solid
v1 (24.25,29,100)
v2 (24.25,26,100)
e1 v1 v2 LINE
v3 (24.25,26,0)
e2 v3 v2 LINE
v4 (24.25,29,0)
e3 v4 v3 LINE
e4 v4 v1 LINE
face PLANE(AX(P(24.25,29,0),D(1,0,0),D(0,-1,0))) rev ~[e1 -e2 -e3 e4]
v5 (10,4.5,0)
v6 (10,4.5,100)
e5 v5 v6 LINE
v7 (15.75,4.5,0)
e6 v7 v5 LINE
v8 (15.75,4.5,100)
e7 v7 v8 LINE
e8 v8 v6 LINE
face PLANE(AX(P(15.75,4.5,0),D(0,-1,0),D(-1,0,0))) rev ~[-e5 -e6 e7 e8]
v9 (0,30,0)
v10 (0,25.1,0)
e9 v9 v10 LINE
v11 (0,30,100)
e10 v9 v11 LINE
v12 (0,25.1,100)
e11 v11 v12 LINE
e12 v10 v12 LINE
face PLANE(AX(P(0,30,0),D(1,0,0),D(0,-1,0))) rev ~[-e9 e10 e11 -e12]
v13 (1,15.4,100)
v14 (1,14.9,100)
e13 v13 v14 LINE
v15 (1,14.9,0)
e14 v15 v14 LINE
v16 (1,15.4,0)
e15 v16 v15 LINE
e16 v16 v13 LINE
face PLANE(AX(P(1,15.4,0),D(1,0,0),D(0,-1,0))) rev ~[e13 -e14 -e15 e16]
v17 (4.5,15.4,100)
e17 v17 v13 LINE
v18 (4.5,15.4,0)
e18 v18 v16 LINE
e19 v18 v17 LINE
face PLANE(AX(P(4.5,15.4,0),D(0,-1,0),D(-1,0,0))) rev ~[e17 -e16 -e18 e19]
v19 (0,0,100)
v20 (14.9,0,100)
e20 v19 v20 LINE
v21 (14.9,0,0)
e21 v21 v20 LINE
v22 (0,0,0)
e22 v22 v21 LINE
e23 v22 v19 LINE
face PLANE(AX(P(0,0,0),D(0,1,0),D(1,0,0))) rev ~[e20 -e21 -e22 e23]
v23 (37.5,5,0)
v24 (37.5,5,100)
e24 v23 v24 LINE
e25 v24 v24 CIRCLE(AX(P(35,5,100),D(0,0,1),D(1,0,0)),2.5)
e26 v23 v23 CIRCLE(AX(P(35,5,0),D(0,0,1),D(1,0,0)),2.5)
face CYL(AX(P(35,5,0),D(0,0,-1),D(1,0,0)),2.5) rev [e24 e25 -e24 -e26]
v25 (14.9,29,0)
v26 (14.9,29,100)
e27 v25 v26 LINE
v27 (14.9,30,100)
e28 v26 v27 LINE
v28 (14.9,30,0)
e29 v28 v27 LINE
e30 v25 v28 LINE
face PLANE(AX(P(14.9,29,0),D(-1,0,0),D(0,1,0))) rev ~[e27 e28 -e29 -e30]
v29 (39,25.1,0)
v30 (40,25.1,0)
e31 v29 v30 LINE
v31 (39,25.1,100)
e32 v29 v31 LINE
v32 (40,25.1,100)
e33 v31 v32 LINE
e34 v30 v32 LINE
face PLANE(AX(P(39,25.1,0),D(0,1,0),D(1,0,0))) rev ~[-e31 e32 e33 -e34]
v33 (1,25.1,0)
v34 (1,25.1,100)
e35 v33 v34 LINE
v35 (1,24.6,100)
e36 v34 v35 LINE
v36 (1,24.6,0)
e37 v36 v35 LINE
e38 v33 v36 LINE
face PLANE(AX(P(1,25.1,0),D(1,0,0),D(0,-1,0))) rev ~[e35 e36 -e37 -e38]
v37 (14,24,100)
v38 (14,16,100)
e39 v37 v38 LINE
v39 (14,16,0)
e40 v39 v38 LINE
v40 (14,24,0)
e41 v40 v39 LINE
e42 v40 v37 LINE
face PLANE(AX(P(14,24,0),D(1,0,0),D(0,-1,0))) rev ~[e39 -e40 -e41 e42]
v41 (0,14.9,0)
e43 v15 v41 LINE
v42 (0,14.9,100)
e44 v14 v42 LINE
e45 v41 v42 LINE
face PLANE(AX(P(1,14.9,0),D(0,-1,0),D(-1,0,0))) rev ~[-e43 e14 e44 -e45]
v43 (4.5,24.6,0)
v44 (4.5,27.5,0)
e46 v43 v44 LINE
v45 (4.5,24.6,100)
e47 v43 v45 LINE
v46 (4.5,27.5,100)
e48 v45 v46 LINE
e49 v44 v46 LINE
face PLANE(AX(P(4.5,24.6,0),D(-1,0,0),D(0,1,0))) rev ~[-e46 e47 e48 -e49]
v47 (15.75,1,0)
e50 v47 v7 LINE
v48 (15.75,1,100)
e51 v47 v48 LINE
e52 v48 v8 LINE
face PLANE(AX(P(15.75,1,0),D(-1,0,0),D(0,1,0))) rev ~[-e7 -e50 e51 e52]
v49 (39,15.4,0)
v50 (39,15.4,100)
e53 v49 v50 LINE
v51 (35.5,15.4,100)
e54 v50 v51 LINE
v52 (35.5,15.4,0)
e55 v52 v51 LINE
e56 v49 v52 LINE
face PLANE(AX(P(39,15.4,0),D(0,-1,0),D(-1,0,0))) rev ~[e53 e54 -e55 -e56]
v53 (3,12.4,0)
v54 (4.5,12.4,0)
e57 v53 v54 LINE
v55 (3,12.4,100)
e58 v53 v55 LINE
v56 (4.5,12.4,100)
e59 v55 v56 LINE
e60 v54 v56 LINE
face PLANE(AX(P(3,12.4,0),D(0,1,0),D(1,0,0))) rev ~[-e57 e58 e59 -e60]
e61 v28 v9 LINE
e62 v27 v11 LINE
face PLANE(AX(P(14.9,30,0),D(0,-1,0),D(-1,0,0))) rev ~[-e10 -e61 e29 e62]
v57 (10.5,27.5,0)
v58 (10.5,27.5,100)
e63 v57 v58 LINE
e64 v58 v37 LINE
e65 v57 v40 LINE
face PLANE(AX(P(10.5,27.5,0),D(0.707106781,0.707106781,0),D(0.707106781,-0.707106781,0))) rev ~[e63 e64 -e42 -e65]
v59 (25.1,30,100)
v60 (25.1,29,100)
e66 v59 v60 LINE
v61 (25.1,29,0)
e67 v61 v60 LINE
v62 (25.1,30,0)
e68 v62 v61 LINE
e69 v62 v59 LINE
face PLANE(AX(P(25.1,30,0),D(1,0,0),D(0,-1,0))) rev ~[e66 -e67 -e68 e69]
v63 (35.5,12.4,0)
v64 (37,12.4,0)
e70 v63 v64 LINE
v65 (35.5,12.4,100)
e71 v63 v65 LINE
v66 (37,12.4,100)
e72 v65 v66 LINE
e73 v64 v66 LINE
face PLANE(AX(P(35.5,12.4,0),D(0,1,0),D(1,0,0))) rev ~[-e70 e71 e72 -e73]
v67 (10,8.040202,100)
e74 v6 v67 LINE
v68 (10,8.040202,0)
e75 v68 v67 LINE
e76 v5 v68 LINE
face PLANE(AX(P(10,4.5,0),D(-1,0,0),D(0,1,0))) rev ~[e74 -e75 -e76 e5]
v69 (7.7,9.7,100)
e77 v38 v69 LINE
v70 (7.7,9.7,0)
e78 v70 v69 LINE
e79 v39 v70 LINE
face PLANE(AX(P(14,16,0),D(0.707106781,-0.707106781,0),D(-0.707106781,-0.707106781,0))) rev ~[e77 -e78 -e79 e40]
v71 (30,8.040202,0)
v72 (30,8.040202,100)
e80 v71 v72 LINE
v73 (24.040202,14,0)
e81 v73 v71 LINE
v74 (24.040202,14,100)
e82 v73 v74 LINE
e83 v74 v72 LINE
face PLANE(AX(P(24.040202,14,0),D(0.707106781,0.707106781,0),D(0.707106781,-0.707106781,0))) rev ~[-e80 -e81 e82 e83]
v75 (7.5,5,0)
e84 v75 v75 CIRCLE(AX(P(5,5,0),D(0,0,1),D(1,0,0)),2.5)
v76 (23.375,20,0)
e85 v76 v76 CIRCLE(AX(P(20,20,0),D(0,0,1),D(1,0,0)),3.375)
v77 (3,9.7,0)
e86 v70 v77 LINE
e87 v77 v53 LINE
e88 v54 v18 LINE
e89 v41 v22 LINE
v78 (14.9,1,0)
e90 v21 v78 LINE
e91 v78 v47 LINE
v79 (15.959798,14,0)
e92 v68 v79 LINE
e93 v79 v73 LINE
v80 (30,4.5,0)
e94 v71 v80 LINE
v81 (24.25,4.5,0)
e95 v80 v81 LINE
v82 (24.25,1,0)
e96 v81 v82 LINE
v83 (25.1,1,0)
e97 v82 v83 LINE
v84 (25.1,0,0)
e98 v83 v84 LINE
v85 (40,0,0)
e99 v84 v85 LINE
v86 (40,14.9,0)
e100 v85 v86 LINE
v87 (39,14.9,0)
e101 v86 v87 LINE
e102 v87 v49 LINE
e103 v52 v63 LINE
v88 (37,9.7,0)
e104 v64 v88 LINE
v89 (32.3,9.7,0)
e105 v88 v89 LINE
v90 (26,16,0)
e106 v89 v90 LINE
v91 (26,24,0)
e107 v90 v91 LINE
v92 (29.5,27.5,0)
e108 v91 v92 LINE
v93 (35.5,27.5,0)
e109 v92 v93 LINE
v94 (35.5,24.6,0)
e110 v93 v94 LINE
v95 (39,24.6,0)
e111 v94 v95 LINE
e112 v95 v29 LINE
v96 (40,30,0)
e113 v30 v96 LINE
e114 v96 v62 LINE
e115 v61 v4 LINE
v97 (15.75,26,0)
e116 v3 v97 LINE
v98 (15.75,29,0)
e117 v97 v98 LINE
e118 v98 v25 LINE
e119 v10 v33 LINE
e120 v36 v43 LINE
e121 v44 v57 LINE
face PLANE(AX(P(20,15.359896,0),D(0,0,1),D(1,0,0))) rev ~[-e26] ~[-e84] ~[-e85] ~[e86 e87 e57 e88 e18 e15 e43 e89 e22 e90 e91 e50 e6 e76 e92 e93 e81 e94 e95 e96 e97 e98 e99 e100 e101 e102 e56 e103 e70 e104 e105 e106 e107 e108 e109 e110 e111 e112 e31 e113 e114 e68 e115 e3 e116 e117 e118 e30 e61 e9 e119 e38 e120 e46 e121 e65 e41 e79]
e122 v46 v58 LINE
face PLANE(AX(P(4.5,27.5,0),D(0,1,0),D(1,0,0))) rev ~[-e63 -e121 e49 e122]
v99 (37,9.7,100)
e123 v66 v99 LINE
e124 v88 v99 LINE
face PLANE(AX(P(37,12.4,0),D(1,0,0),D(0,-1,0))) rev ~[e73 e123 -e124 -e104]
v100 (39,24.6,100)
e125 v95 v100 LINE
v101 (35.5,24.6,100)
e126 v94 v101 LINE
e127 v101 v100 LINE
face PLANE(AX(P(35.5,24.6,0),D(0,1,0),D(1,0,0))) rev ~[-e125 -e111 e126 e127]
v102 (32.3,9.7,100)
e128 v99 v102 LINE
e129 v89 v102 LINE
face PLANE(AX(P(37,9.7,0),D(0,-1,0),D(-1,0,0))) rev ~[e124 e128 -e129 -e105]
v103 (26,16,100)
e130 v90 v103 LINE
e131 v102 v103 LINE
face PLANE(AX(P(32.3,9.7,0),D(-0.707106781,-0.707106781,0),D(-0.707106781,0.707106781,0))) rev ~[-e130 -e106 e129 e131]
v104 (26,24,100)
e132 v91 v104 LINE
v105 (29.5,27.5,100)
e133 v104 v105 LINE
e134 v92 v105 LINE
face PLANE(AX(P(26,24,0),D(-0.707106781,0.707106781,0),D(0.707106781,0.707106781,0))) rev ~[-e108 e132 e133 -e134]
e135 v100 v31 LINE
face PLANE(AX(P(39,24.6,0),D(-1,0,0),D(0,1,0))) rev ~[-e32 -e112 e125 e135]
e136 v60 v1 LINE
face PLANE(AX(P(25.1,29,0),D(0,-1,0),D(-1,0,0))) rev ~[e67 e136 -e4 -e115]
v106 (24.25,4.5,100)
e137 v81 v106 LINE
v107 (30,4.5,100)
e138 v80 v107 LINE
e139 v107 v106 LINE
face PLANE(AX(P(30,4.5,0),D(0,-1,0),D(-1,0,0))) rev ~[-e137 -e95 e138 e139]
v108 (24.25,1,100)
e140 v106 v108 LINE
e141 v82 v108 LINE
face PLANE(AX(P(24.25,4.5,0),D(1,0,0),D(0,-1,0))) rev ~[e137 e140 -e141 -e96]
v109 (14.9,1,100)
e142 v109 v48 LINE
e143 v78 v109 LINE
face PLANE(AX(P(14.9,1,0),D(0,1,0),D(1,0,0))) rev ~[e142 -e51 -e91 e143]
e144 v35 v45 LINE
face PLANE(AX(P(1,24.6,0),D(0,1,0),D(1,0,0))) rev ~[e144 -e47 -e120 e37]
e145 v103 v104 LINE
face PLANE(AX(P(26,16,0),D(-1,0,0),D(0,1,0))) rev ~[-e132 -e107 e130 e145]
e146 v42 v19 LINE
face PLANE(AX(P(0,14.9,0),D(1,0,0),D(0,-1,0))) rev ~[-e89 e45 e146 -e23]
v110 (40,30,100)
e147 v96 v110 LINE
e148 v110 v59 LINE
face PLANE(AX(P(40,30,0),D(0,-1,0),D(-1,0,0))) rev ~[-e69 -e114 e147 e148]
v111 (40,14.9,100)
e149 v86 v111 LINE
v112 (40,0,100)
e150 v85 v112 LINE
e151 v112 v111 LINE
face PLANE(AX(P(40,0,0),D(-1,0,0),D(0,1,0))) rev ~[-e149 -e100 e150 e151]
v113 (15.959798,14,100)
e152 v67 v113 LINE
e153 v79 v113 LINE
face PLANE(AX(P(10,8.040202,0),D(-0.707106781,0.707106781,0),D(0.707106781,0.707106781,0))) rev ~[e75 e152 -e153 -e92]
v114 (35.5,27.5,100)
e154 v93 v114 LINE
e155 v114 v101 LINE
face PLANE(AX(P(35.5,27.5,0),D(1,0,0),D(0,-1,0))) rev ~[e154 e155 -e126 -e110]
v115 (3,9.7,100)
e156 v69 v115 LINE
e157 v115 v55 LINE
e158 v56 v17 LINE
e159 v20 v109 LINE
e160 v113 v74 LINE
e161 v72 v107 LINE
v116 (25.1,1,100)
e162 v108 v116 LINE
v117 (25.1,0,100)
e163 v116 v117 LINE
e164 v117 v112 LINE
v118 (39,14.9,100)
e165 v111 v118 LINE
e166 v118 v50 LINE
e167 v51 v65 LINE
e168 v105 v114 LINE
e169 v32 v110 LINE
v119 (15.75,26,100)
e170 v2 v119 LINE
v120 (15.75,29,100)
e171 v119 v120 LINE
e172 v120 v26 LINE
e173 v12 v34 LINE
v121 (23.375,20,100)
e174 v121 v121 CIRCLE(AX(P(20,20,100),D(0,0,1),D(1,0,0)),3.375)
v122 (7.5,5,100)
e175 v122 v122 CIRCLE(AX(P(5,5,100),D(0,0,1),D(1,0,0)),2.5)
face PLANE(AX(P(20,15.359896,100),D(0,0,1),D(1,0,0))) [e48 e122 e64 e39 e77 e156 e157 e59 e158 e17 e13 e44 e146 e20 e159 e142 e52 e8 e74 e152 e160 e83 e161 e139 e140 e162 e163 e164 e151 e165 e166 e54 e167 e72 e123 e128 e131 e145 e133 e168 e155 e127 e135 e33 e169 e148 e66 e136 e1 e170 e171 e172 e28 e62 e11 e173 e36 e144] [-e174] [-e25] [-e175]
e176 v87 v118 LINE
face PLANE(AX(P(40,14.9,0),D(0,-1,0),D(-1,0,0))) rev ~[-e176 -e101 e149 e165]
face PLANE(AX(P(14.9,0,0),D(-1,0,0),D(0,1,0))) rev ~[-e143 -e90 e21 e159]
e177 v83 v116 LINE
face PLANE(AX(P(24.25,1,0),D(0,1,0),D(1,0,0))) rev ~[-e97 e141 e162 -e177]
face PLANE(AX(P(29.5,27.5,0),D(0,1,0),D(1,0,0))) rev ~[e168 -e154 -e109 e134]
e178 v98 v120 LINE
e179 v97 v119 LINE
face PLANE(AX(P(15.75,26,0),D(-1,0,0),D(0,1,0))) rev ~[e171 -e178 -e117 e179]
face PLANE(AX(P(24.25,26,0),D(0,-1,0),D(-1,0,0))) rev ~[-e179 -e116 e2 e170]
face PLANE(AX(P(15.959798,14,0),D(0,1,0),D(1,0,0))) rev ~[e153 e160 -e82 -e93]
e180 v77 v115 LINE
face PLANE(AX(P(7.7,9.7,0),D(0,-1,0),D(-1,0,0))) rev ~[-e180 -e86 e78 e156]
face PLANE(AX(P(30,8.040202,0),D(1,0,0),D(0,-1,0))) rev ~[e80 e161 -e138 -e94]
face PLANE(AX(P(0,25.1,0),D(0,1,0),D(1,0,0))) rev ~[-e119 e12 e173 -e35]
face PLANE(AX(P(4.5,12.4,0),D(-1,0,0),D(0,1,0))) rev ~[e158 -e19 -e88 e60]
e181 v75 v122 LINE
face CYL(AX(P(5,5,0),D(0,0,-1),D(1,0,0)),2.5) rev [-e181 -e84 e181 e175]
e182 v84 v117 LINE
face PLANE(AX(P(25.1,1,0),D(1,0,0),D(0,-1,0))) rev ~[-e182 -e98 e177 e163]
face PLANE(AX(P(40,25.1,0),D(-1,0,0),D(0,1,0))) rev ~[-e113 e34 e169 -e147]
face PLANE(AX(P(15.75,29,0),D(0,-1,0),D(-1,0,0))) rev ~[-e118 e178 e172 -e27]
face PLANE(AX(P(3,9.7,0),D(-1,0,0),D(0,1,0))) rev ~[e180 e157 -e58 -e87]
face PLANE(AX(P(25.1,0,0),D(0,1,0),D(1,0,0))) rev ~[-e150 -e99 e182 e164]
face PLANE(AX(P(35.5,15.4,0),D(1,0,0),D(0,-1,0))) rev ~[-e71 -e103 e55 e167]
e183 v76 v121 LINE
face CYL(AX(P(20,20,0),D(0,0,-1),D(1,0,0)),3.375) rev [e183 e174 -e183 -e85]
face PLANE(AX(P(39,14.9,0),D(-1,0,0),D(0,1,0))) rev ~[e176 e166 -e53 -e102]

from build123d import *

# Parameters (mm, degrees)
SKETCH_1_R      = 3.375
SKETCH_1_R_2    = 2.5
EXTRUDE_1_DEPTH = 100


with BuildPart() as part:
    # 草图1 → 凸台-拉伸1 (new body)
    with BuildSketch(Plane.XY):
        Polygon((0, 0), (14.9, 0), (14.9, 1), (15.75, 1), (15.75, 4.5), (10, 4.5), (10, 8.040202025), (15.959797975, 14), (24.040202025, 14), (30, 8.040202025), (30, 4.5), (24.25, 4.5), (24.25, 1), (25.1, 1), (25.1, 0), (40, 0), (40, 14.9), (39, 14.9), (39, 15.4), (35.5, 15.4), (35.5, 12.4), (37, 12.4), (37, 9.7), (32.3, 9.7), (26, 16), (26, 24), (29.5, 27.5), (35.5, 27.5), (35.5, 24.6), (39, 24.6), (39, 25.1), (40, 25.1), (40, 30), (25.1, 30), (25.1, 29), (24.25, 29), (24.25, 26), (15.75, 26), (15.75, 29), (14.9, 29), (14.9, 30), (0, 30), (0, 25.1), (1, 25.1), (1, 24.6), (4.5, 24.6), (4.5, 27.5), (10.5, 27.5), (14, 24), (14, 16), (7.7, 9.7), (3, 9.7), (3, 12.4), (4.5, 12.4), (4.5, 15.4), (1, 15.4), (1, 14.9), (0, 14.9), align=None)
        with Locations((20, 20)):
            Circle(SKETCH_1_R, mode=Mode.SUBTRACT)
        with Locations((35, 5)):
            Circle(SKETCH_1_R_2, mode=Mode.SUBTRACT)
        with Locations((5, 5)):
            Circle(SKETCH_1_R_2, mode=Mode.SUBTRACT)
    extrude(amount=EXTRUDE_1_DEPTH)


solid = part.part
